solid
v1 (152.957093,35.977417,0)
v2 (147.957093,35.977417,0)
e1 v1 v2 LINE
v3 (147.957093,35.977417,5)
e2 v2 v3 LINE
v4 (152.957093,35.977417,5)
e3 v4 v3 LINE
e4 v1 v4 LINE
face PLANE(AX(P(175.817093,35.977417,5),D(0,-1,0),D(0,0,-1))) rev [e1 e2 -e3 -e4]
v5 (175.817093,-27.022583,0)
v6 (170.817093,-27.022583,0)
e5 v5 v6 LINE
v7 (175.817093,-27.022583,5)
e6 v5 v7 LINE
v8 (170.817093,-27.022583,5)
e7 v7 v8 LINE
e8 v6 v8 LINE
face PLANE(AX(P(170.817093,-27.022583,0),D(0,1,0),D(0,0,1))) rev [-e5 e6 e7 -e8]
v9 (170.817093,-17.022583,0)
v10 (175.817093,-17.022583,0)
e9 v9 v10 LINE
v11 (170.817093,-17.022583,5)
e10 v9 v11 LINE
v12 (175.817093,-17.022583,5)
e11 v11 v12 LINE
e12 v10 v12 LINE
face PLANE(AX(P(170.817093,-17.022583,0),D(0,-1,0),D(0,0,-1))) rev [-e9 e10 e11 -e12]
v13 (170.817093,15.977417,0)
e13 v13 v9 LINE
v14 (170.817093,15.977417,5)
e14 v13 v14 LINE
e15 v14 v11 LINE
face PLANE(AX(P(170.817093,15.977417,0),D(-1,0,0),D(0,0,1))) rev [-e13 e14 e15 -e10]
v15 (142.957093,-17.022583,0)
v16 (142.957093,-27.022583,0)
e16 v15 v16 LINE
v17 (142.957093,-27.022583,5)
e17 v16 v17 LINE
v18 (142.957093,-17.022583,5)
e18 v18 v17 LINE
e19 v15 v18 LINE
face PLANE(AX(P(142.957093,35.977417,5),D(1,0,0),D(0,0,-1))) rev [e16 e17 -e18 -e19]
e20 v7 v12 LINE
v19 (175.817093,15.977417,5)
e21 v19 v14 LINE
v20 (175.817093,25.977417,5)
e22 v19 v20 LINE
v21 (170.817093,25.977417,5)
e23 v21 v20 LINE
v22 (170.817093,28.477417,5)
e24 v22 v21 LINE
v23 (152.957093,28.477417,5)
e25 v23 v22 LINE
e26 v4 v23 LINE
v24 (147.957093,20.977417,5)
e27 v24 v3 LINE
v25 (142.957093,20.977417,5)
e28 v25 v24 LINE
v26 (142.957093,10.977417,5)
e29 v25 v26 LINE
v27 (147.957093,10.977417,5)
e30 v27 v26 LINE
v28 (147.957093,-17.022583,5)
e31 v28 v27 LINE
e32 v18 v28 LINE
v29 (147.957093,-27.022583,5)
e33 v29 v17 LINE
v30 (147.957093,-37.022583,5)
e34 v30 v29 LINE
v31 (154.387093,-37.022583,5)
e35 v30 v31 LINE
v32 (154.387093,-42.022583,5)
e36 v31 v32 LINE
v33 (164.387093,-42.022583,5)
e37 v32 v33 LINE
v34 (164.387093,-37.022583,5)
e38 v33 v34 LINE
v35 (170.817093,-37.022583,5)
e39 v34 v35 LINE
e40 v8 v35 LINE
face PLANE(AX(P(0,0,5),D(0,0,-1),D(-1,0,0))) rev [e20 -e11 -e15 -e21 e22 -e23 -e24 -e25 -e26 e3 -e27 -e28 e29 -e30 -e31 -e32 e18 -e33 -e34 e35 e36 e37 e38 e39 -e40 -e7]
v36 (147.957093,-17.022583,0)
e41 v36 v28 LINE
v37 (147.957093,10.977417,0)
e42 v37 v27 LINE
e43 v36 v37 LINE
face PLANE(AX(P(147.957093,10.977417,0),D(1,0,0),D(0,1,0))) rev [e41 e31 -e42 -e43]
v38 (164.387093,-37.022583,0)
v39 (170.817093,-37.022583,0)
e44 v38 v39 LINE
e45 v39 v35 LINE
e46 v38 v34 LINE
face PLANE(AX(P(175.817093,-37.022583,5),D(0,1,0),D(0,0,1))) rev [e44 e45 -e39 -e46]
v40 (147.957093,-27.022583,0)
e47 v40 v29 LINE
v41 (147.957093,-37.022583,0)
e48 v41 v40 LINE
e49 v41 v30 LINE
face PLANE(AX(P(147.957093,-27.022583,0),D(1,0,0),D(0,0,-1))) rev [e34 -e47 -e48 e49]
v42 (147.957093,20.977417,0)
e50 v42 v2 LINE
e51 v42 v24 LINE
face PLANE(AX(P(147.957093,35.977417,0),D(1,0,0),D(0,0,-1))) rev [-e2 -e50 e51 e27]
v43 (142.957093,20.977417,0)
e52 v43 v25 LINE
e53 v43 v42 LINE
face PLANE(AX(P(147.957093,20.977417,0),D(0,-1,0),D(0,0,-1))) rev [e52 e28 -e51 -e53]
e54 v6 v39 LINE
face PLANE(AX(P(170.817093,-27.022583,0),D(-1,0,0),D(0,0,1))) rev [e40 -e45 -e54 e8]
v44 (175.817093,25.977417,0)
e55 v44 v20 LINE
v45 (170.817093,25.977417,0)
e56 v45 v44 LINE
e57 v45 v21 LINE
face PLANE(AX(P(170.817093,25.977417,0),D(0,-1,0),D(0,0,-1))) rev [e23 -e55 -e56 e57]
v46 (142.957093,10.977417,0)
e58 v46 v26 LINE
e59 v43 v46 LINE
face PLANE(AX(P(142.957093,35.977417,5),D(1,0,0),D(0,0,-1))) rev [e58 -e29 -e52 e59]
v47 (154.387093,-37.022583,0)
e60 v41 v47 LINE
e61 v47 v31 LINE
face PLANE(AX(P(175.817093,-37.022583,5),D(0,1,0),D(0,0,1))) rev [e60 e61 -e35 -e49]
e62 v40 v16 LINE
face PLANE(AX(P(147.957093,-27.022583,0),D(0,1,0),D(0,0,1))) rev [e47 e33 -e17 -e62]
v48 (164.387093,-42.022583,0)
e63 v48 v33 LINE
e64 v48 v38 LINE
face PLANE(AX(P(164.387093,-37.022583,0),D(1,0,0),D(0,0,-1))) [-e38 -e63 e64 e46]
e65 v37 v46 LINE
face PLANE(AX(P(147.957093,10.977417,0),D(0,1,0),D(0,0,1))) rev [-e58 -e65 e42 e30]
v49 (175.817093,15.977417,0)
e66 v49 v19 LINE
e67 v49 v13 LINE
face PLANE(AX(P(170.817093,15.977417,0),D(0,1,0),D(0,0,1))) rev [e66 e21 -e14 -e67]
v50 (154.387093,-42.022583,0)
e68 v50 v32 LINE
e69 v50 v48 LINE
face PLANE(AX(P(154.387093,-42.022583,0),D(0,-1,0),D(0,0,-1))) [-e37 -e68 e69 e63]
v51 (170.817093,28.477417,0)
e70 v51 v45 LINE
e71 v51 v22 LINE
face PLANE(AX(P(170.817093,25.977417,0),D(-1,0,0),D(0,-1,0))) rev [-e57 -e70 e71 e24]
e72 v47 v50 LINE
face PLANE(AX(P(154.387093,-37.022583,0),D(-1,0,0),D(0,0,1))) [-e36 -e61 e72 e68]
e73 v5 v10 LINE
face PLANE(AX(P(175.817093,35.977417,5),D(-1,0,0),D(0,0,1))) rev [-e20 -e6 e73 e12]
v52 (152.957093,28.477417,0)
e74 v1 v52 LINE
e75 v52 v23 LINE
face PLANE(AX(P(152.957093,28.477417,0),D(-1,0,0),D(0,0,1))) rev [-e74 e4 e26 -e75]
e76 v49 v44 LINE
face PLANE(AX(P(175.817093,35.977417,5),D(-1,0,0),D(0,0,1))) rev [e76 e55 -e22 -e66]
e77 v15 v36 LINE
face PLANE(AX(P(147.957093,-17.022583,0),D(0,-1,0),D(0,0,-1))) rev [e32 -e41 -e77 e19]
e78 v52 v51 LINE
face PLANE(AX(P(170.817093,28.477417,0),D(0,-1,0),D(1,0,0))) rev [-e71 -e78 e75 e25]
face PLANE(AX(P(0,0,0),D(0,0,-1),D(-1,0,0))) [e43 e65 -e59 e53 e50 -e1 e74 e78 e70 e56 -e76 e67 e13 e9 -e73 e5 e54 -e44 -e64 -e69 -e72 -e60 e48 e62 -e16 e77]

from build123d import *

# Parameters (mm, degrees)
ESQUISSE1_W             = 32.86
ESQUISSE1_H             = 73
BOSS_EXTRU_1_DEPTH      = 5
ESQUISSE2_W             = 5
ESQUISSE2_H             = 33
ESQUISSE2_H_2           = 15
ESQUISSE2_H_3           = 10
ESQUISSE2_H_4           = 28
ENL_V_MAT_EXTRU_1_DEPTH = 5
ESQUISSE3_W             = 10
ESQUISSE3_H             = 5
BOSS_EXTRU_2_DEPTH      = 5


with BuildPart() as part:
    # Esquisse1 → Boss.-Extru.1 (new body)
    with BuildSketch(Plane.XY):
        with Locations((159.387093212, -0.522583191)):
            Rectangle(ESQUISSE1_W, ESQUISSE1_H)
    extrude(amount=BOSS_EXTRU_1_DEPTH)

    # Esquisse2 → Enlèv. mat.-Extru.1 (cut)
    with BuildSketch(Plane.XY.offset(5)):
        Polygon((170.817093212, 25.977416809), (170.817093212, 28.477416809), (152.957093212, 28.477416809), (152.957093212, 35.977416809), (175.817093212, 35.977416809), (175.817093212, 25.977416809), align=None)
        with Locations((173.317093212, -0.522583191)):
            Rectangle(ESQUISSE2_W, ESQUISSE2_H)
        with Locations((145.457093212, 28.477416809)):
            Rectangle(ESQUISSE2_W, ESQUISSE2_H_2)
        with Locations((173.317093212, -32.022583191)):
            Rectangle(ESQUISSE2_W, ESQUISSE2_H_3)
        with Locations((145.457093212, -32.022583191)):
            Rectangle(ESQUISSE2_W, ESQUISSE2_H_3)
        with Locations((145.457093212, -3.022583191)):
            Rectangle(ESQUISSE2_W, ESQUISSE2_H_4)
    extrude(amount=-ENL_V_MAT_EXTRU_1_DEPTH, mode=Mode.SUBTRACT)

    # Esquisse3 → Boss.-Extru.2 (add)
    with BuildSketch(Plane.XY.offset(5)):
        with Locations((159.387093212, -39.522583191)):
            Rectangle(ESQUISSE3_W, ESQUISSE3_H)
    extrude(amount=-BOSS_EXTRU_2_DEPTH)


solid = part.part
